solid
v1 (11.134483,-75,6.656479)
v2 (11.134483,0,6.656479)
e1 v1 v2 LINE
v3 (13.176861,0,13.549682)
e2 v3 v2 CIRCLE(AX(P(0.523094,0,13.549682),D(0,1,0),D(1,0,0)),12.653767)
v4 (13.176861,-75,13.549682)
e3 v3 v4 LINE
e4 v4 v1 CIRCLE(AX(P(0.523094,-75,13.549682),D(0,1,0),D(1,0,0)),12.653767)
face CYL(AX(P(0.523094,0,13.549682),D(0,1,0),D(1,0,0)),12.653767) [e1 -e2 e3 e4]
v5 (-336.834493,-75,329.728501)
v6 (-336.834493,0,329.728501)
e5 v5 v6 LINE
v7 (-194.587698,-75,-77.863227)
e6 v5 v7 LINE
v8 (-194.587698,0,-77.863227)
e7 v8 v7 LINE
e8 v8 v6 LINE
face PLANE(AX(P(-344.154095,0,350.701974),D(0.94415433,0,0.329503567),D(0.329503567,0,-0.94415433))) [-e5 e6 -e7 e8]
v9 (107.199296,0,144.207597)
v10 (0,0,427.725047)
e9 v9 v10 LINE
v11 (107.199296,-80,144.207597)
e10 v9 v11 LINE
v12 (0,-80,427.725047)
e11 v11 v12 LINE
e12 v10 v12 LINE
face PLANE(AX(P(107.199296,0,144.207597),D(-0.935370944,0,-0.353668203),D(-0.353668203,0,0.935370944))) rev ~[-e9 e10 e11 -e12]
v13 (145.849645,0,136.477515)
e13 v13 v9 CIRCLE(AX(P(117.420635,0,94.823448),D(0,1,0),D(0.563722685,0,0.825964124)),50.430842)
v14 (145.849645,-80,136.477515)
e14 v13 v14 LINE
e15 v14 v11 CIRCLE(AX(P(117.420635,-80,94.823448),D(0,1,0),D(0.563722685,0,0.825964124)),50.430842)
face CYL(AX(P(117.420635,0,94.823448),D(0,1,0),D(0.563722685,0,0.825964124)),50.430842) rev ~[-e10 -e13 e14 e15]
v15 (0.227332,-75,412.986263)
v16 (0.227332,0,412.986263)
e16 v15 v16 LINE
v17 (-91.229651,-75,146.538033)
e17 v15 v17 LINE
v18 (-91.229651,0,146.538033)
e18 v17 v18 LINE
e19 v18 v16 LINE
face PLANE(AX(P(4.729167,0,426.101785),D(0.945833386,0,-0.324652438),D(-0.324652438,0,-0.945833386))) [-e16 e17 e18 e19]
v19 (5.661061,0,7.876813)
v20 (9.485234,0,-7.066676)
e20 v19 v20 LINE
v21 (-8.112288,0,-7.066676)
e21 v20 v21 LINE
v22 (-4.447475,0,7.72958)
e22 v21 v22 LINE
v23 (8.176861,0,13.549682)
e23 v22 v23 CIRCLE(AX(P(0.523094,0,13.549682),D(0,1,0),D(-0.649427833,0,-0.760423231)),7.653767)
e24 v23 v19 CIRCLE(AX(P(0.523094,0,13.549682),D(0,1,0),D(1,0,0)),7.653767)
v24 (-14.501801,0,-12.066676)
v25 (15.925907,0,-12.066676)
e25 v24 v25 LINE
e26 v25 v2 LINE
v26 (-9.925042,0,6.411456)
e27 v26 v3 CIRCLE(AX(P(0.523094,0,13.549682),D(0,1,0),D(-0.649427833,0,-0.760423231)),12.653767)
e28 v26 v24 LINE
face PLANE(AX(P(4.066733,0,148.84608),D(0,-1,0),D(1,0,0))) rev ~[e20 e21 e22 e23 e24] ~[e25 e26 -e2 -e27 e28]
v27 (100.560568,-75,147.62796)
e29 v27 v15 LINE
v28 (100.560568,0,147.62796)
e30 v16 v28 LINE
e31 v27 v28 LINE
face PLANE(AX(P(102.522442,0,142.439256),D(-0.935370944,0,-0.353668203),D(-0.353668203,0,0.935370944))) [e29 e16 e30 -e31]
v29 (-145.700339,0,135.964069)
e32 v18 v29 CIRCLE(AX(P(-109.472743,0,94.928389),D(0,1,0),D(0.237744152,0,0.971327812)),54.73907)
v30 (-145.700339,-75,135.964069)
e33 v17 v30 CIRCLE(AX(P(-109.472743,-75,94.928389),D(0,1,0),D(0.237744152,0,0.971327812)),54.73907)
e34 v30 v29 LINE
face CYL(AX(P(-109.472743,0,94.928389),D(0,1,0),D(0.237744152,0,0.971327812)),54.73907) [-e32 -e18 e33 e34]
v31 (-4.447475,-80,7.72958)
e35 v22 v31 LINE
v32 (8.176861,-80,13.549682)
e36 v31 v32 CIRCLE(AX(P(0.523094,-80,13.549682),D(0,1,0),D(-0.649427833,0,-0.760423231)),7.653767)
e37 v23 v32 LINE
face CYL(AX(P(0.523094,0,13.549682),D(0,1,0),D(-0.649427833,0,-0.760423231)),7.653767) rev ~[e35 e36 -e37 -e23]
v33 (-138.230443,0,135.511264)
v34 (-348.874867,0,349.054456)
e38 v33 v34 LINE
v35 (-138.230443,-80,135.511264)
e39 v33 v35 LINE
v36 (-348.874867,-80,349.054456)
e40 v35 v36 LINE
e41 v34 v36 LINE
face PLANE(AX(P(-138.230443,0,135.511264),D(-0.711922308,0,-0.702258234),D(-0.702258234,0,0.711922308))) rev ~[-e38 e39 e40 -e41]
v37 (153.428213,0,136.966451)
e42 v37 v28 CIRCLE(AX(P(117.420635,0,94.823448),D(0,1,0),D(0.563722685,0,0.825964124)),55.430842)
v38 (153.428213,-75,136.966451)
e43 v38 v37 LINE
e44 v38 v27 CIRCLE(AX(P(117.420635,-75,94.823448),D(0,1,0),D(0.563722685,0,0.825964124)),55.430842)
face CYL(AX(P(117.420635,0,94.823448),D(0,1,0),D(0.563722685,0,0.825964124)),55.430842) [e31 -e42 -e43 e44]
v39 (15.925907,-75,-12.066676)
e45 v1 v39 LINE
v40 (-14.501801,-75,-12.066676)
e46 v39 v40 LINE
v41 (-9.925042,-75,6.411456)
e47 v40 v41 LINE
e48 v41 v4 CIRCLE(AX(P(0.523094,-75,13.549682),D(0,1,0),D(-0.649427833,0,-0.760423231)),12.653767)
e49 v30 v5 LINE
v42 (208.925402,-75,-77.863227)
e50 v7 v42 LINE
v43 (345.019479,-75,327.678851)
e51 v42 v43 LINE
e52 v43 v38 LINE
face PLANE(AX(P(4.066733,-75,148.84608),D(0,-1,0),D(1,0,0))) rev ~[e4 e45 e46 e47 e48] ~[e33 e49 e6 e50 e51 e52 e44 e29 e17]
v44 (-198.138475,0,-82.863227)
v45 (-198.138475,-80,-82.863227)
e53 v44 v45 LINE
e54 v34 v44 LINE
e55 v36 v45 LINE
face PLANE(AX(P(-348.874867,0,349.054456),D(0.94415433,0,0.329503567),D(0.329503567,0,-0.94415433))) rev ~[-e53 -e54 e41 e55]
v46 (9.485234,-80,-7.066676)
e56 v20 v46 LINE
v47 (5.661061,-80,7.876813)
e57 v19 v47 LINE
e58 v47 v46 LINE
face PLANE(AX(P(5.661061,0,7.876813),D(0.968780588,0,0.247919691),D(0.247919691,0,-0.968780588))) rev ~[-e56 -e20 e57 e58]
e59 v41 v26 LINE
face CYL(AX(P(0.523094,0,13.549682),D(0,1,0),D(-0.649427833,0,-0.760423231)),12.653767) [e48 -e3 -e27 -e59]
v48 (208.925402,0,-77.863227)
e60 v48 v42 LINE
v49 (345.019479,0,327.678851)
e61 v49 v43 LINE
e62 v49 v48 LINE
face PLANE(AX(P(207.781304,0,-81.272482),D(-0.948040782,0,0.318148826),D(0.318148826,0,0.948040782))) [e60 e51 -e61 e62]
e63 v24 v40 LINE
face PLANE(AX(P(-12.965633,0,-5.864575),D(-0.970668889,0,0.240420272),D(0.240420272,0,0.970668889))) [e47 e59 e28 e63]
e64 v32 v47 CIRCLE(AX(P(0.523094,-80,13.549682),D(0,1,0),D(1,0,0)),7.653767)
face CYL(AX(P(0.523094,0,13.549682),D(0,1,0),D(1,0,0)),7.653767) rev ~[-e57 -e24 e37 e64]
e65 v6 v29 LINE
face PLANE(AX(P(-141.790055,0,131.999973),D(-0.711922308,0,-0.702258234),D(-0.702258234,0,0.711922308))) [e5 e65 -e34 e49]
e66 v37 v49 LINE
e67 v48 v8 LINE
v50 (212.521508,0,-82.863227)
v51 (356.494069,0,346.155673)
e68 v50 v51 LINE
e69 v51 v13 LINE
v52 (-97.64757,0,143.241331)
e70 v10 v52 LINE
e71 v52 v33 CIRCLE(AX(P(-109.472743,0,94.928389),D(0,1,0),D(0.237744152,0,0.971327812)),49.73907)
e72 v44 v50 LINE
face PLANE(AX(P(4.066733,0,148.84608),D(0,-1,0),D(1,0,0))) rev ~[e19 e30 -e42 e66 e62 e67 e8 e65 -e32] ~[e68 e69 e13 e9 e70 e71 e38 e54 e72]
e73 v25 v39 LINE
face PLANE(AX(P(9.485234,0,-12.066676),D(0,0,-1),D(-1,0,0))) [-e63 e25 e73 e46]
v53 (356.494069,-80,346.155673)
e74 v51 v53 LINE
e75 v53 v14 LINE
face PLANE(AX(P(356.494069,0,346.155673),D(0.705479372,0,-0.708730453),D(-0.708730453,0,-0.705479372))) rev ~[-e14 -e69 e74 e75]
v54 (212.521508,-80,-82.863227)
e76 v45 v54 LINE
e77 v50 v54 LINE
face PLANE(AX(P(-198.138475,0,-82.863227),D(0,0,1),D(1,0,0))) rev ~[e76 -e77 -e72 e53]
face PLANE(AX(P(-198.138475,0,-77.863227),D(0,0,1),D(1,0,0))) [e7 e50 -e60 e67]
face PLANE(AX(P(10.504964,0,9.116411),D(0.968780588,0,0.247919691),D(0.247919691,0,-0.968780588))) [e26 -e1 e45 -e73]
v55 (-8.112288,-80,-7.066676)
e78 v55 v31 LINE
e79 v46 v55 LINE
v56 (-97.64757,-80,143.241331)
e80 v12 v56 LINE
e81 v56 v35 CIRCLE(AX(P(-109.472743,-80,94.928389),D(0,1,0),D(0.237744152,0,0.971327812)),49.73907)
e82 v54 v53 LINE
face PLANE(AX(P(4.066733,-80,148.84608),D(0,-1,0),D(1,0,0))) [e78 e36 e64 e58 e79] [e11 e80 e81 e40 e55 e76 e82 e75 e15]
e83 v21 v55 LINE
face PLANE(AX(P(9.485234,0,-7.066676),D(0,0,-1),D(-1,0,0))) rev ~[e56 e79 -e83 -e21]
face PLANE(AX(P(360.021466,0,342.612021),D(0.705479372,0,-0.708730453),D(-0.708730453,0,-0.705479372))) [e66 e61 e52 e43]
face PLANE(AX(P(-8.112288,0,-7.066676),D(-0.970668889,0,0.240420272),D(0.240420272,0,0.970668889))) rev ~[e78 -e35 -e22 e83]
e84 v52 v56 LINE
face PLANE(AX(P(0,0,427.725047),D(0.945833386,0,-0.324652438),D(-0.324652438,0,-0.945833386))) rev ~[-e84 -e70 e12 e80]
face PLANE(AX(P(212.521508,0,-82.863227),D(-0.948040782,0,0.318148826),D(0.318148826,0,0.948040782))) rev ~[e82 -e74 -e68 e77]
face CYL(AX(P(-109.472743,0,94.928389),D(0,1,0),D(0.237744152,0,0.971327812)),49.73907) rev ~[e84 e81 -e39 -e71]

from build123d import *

# Parameters (mm, degrees)
F1_DEPTH = 80
F2_T     = -5


with BuildPart() as f1:
    # F0 (on Front) → F1 (new body)
    with BuildSketch(Plane.XZ):
        with BuildLine():
            Line((-348.8748669624, 349.0544557571), (-198.1384754181, -82.8632265329))
            Line((-198.1384754181, -82.8632265329), (212.5215083361, -82.8632265329))
            Line((212.5215083361, -82.8632265329), (356.4940690994, 346.1556732655))
            Line((356.4940690994, 346.1556732655), (145.8496451378, 136.4775151014))
            ThreePointArc((145.8496451378, 136.4775151014), (107.5303186219, 45.3719417758), (107.1992963552, 144.2075967789))
            Line((107.1992963552, 144.2075967789), (0, 427.7250468731))
            Line((0, 427.7250468731), (-97.6475700736, 143.2413309813))
            ThreePointArc((-97.6475700736, 143.2413309813), (-100.1659657794, 46.0677822233), (-138.2304430008, 135.511264205))
            Line((-138.2304430008, 135.511264205), (-348.8748669624, 349.0544557571))
        make_face()
        with BuildLine():
            ThreePointArc((-4.4474751757, 7.729579965), (-2.6813223644, 20.5003556429), (8.1768609292, 13.5496820978))
            ThreePointArc((8.1768609292, 13.5496820978), (7.5196984972, 10.4468328198), (5.6610608526, 7.8768129348))
            Line((5.6610608526, 7.8768129348), (9.4852344756, -7.0666760483))
            Line((9.4852344756, -7.0666760483), (-8.1122881109, -7.0666760483))
            Line((-8.1122881109, -7.0666760483), (-4.4474751757, 7.729579965))
        make_face(mode=Mode.SUBTRACT)
    extrude(amount=F1_DEPTH)

    # F2
    f2_openings = [f1.faces().sort_by_distance(p)[0] for p in [
        (6.021536, 0, 100.900986),
    ]]
    offset(amount=F2_T, openings=f2_openings, kind=Kind.INTERSECTION)


solid = f1.part
